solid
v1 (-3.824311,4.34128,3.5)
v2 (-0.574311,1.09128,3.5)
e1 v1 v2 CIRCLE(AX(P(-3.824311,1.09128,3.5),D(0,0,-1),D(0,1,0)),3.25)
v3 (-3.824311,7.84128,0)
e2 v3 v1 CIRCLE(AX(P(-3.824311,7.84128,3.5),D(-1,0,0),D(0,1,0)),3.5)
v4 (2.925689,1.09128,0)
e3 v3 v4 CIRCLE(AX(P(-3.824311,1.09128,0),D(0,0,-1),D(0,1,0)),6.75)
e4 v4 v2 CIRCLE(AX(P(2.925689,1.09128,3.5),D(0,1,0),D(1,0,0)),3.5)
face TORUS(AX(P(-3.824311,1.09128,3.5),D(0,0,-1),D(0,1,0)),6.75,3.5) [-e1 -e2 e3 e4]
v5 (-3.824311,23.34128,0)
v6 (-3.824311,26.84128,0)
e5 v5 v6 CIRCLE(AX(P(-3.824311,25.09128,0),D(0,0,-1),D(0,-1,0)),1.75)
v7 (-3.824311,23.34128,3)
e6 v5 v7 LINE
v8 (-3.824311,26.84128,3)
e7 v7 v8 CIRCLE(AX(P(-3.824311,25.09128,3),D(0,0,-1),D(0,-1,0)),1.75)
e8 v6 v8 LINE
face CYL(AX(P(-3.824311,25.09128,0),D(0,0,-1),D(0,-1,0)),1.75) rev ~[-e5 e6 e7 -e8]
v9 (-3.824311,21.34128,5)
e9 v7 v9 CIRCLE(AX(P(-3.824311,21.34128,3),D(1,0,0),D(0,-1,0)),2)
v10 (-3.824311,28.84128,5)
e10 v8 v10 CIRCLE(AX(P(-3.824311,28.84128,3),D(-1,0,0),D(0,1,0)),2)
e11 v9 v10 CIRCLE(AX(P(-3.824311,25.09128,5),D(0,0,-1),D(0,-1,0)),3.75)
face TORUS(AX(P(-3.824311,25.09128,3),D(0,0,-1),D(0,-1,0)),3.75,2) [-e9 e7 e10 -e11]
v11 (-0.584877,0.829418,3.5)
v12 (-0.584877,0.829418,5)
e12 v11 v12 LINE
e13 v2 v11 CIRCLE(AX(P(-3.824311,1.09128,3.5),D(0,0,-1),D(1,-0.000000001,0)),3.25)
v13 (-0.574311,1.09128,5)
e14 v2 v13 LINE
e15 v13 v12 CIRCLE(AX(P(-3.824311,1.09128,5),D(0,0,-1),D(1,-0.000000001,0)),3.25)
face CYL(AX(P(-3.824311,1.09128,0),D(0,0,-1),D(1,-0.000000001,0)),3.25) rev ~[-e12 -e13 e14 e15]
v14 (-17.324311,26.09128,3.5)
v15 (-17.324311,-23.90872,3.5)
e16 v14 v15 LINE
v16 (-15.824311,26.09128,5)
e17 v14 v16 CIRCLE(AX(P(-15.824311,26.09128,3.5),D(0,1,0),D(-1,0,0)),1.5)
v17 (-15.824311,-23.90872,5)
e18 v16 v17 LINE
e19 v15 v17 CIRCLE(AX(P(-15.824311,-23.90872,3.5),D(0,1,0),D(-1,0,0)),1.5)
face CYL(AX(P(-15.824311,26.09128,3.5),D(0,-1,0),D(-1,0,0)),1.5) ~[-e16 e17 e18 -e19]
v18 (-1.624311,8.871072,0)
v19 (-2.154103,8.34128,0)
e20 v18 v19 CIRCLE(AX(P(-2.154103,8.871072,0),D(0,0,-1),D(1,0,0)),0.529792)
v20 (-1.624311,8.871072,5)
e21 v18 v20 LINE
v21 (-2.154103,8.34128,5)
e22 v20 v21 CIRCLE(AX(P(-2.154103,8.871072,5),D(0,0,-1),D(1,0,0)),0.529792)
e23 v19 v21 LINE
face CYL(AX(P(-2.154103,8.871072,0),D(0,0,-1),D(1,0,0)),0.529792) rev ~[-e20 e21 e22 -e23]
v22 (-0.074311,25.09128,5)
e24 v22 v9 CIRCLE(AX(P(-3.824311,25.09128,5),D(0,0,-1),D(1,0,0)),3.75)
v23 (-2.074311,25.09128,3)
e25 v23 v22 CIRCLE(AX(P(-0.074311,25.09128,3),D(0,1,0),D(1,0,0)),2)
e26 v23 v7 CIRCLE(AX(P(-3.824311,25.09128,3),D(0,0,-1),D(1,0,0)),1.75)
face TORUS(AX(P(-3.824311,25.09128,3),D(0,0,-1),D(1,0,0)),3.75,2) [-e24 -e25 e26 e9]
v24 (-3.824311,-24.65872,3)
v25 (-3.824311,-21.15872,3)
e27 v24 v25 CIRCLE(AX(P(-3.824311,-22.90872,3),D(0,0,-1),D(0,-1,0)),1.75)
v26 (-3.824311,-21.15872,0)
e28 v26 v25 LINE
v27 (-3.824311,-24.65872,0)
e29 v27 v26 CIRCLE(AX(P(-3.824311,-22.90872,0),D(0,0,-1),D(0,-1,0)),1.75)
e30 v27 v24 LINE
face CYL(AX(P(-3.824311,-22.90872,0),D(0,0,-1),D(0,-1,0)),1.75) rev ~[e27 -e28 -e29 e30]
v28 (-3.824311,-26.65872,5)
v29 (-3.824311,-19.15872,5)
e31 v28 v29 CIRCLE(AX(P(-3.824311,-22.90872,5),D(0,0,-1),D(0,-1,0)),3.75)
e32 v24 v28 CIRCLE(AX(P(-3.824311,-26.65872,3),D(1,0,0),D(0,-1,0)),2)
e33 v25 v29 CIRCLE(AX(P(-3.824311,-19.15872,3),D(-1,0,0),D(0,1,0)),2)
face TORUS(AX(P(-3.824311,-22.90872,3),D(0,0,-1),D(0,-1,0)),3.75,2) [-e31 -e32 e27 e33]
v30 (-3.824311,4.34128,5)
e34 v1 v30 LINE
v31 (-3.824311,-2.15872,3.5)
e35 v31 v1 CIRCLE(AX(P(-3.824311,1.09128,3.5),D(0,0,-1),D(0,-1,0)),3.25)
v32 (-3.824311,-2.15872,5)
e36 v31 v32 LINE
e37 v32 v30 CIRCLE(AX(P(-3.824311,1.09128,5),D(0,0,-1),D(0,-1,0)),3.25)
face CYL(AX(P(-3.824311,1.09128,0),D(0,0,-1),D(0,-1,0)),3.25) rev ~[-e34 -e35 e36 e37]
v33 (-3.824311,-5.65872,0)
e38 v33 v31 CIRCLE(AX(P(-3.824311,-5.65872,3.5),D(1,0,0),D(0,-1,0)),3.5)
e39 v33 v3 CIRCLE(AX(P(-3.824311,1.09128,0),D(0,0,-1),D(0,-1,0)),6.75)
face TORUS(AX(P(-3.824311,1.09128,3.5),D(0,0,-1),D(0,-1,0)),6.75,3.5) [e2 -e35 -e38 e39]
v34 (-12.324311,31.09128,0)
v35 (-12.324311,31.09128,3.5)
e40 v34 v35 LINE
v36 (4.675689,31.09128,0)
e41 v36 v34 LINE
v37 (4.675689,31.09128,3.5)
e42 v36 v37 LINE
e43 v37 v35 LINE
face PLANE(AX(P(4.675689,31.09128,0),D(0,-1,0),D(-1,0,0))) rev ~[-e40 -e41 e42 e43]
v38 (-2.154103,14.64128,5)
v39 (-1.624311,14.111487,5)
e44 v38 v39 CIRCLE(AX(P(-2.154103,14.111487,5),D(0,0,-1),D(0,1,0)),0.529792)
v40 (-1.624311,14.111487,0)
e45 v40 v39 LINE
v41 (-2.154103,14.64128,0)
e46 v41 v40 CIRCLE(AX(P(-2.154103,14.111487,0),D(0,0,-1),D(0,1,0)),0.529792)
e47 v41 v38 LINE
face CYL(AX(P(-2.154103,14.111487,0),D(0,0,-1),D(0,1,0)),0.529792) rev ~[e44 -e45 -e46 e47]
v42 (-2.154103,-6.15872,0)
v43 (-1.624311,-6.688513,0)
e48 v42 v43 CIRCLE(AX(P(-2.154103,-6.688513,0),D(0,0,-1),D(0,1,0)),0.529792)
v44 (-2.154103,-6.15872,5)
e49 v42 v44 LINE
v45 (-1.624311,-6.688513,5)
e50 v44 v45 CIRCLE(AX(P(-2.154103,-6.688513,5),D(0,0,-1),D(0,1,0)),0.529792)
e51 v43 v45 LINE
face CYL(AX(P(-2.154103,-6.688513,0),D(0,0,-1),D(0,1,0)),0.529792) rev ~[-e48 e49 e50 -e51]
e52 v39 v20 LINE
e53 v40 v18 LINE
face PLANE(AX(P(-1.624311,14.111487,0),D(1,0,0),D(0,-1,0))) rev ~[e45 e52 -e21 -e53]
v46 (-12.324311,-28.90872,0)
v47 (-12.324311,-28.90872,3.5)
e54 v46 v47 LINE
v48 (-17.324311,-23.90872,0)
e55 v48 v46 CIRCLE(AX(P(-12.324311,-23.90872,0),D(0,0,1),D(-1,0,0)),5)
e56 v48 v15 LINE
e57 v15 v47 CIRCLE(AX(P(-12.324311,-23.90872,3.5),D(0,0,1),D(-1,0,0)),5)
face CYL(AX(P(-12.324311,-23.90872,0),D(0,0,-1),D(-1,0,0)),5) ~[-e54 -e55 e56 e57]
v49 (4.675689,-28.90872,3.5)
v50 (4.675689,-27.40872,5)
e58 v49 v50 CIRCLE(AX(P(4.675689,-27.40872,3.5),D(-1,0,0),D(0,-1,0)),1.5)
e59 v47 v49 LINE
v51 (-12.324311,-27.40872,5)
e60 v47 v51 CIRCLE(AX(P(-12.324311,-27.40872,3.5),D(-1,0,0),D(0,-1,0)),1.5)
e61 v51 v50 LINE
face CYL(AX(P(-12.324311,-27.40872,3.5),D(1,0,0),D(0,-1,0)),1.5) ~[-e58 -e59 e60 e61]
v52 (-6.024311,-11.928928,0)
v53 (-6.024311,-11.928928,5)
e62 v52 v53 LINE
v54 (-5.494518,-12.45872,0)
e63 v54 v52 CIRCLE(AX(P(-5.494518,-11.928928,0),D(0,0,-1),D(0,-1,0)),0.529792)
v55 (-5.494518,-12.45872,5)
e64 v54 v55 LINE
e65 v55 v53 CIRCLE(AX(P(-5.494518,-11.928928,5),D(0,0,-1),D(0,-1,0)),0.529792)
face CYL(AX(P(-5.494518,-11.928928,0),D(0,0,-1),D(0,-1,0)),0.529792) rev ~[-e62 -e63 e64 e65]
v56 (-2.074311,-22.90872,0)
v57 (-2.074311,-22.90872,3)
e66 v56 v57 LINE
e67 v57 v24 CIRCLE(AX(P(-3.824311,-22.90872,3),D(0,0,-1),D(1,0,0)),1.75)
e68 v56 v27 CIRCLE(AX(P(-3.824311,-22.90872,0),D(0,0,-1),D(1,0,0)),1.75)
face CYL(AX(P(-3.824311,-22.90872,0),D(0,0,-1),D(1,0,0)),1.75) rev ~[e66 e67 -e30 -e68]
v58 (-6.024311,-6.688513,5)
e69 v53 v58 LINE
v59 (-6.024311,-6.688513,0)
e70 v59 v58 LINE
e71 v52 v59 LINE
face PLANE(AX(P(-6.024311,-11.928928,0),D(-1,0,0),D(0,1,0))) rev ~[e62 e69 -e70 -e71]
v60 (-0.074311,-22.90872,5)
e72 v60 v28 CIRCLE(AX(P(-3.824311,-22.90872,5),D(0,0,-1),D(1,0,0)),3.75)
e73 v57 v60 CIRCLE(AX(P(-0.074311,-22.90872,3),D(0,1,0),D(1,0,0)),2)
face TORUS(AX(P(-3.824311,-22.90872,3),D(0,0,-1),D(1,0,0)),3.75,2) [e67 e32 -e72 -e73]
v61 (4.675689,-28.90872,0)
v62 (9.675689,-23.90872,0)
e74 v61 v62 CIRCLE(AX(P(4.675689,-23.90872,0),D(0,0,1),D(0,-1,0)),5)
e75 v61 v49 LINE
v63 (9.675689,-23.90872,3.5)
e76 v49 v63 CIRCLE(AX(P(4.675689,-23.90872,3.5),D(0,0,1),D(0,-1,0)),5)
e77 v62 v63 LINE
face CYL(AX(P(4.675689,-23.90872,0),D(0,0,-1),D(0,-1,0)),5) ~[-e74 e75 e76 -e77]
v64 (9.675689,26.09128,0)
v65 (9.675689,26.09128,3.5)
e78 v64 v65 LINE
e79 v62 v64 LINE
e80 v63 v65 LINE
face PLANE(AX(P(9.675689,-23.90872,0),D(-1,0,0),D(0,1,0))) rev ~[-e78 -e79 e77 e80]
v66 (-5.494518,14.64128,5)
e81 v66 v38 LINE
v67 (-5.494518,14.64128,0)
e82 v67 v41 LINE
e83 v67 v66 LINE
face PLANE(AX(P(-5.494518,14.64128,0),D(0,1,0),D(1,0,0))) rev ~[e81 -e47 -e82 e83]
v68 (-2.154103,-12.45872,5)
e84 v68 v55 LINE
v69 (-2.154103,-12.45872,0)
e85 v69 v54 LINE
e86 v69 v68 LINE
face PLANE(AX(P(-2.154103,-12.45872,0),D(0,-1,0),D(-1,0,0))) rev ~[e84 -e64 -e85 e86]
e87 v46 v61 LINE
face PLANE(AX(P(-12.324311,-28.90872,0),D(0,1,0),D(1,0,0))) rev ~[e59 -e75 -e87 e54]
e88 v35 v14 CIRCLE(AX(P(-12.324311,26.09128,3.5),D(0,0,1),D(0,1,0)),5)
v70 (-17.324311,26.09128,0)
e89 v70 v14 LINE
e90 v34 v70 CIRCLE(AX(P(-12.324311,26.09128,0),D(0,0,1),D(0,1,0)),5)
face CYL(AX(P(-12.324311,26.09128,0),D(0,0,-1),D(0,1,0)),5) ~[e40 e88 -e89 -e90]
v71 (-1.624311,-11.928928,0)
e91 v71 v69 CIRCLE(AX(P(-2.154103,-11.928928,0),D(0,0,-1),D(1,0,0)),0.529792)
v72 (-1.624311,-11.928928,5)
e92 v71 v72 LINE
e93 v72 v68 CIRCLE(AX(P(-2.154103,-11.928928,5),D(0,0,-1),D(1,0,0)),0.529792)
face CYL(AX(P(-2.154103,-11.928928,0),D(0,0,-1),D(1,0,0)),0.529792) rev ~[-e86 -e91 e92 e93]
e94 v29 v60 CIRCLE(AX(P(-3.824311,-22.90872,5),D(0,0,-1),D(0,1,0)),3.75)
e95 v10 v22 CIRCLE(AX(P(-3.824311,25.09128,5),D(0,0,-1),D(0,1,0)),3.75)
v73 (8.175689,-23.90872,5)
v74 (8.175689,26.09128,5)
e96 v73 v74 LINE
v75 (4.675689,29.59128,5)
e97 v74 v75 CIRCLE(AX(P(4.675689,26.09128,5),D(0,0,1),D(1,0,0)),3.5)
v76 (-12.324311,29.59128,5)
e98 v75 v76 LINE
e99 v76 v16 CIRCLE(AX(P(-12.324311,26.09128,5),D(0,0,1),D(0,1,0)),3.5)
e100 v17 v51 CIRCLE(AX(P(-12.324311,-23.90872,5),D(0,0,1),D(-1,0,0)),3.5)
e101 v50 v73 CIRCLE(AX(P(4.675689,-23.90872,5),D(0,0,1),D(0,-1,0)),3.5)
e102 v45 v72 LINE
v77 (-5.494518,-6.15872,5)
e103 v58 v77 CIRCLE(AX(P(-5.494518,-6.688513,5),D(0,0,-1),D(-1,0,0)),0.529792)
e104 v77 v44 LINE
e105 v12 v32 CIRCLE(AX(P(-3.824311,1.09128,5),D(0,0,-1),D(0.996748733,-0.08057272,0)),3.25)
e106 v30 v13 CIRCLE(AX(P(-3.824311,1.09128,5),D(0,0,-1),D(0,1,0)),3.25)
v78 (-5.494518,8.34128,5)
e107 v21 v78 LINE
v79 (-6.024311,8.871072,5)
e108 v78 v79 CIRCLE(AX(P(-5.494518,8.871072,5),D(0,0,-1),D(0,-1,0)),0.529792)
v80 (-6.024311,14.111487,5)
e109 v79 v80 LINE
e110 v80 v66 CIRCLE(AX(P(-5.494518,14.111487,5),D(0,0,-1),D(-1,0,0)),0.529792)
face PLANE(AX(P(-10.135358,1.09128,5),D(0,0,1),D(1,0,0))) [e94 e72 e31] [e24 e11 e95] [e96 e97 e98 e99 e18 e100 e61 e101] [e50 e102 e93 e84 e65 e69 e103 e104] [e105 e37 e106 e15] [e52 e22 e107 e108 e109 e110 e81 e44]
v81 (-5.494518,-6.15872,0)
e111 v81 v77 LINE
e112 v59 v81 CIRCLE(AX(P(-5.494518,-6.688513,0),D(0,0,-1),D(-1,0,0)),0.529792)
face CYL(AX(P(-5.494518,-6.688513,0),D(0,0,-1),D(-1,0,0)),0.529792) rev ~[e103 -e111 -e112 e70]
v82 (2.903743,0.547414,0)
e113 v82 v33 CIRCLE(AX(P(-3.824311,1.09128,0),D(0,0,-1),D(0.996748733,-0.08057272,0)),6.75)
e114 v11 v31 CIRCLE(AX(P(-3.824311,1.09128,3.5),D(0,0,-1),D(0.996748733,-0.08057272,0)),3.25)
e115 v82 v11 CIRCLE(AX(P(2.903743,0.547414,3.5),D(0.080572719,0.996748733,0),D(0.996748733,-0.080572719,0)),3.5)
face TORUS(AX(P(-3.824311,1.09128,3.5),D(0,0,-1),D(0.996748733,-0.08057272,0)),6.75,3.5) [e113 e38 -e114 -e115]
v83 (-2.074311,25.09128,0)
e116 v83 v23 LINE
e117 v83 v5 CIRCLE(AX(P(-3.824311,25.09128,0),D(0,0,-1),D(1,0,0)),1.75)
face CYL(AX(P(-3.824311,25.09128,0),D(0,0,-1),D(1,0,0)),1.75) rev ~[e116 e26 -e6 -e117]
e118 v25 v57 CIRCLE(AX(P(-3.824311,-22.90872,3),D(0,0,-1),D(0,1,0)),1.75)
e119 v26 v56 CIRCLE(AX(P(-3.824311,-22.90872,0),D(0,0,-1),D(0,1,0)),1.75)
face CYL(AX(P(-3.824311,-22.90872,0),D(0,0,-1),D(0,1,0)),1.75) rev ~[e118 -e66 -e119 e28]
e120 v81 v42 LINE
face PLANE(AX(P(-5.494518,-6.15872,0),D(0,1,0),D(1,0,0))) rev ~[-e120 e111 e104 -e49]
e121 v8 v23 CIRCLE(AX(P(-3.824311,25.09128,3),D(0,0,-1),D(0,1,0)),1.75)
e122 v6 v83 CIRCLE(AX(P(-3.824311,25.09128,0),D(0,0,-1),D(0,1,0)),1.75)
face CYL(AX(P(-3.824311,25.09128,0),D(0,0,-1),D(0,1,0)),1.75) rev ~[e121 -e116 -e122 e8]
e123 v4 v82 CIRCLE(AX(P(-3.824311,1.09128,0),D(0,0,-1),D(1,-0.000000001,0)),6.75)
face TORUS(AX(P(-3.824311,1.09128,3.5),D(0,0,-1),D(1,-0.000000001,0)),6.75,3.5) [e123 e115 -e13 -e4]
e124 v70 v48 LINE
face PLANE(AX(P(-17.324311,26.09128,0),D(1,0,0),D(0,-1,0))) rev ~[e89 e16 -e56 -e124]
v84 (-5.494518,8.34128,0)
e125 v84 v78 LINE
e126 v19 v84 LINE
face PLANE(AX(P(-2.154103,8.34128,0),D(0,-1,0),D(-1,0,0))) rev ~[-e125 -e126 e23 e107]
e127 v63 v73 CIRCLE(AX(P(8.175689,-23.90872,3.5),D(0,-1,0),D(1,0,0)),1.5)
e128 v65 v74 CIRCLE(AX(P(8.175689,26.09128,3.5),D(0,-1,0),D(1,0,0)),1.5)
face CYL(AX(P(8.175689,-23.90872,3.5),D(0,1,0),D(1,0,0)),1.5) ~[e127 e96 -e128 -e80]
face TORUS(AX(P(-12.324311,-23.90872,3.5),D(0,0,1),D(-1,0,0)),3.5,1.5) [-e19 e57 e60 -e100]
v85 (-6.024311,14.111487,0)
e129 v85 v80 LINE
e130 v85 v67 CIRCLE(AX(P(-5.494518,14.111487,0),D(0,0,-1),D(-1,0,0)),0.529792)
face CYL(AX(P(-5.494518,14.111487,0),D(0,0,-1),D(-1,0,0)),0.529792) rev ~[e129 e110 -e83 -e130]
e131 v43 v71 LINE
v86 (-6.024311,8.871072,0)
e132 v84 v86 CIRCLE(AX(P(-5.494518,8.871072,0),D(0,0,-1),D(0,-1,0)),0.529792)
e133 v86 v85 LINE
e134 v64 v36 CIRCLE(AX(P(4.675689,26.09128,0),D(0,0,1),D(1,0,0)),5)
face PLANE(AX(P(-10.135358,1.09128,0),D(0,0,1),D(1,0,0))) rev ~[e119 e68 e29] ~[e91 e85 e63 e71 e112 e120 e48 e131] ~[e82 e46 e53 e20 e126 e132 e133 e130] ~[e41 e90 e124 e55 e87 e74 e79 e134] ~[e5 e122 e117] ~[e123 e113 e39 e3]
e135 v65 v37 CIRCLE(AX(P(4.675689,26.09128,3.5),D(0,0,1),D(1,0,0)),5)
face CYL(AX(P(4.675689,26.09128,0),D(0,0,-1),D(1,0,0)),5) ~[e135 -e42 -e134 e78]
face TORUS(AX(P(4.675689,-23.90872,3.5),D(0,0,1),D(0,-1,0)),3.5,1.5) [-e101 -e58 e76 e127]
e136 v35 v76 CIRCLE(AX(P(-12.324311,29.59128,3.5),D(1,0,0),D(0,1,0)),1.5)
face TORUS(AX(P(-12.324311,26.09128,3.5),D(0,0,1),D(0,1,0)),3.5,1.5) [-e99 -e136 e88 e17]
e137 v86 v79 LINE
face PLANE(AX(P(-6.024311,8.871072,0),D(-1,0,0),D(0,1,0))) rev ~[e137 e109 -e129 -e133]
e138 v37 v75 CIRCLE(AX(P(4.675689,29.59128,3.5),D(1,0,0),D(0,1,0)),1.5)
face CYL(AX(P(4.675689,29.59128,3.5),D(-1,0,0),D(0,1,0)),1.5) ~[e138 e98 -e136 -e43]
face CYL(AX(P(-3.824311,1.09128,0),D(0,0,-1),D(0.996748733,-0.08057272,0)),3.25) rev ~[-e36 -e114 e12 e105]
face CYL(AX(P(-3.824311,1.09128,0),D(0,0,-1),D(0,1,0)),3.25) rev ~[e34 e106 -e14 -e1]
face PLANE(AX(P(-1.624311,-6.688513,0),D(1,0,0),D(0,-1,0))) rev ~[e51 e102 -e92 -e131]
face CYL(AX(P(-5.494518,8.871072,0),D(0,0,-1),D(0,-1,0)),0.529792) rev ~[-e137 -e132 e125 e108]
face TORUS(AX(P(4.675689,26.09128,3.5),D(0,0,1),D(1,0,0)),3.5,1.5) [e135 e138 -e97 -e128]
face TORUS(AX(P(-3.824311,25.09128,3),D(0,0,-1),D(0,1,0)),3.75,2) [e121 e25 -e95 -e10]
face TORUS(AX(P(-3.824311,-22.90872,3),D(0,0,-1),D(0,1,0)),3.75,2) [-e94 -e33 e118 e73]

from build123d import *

# Parameters (mm, degrees)
F1_DEPTH = 5
F2_R     = 2
F3_R     = 3.5
F4_R     = 1.5


with BuildPart() as f1:
    # F0 (on Top) → F1 (new body)
    with BuildSketch(Plane.XY):
        with BuildLine():
            Line((-17.3243107274, 26.09127976), (-17.3243107274, -23.90872024))
            ThreePointArc((-17.3243107274, -23.90872024), (-15.8598446334, -27.4442541459), (-12.3243107274, -28.90872024))
            Line((-12.3243107274, -28.90872024), (-3.8243107274, -28.90872024))
            Line((-3.8243107274, -28.90872024), (-3.8243107274, -24.65872024))
            ThreePointArc((-3.8243107274, -24.65872024), (-5.5743107274, -22.90872024), (-3.8243107274, -21.15872024))
            Line((-3.8243107274, -21.15872024), (-3.8243107274, -12.45872024))
            Line((-3.8243107274, -12.45872024), (-5.4945183623, -12.45872024))
            ThreePointArc((-5.4945183623, -12.45872024), (-5.8691381363, -12.3035476489), (-6.0243107274, -11.9289278748))
            Line((-6.0243107274, -11.9289278748), (-6.0243107274, -6.6885126051))
            ThreePointArc((-6.0243107274, -6.6885126051), (-5.8691381363, -6.3138928311), (-5.4945183623, -6.15872024))
            Line((-5.4945183623, -6.15872024), (-3.8243107274, -6.15872024))
            Line((-3.8243107274, -6.15872024), (-3.8243107274, -2.15872024))
            ThreePointArc((-3.8243107274, -2.15872024), (-7.0743107274, 1.09127976), (-3.8243107274, 4.34127976))
            Line((-3.8243107274, 4.34127976), (-3.8243107274, 8.34127976))
            Line((-3.8243107274, 8.34127976), (-5.4945183623, 8.34127976))
            ThreePointArc((-5.4945183623, 8.34127976), (-5.8691381363, 8.4964523511), (-6.0243107274, 8.8710721252))
            Line((-6.0243107274, 8.8710721252), (-6.0243107274, 14.1114873949))
            ThreePointArc((-6.0243107274, 14.1114873949), (-5.8691381363, 14.4861071689), (-5.4945183623, 14.64127976))
            Line((-5.4945183623, 14.64127976), (-3.8243107274, 14.64127976))
            Line((-3.8243107274, 14.64127976), (-3.8243107274, 23.34127976))
            ThreePointArc((-3.8243107274, 23.34127976), (-5.5743107274, 25.09127976), (-3.8243107274, 26.84127976))
            Line((-3.8243107274, 26.84127976), (-3.8243107274, 31.09127976))
            Line((-3.8243107274, 31.09127976), (-12.3243107274, 31.09127976))
            ThreePointArc((-12.3243107274, 31.09127976), (-15.8598446334, 29.6268136659), (-17.3243107274, 26.09127976))
        make_face()
        with BuildLine():
            Line((-3.8243107274, -24.65872024), (-3.8243107274, -28.90872024))
            Line((-3.8243107274, -28.90872024), (4.6756892726, -28.90872024))
            ThreePointArc((4.6756892726, -28.90872024), (8.2112231785, -27.4442541459), (9.6756892726, -23.90872024))
            Line((9.6756892726, -23.90872024), (9.6756892726, 0))
            Line((9.6756892726, 0), (-0.584877345, 0.8294184204))
            ThreePointArc((-0.584877345, 0.8294184204), (-1.6207396886, -1.2976058959), (-3.8243107274, -2.15872024))
            Line((-3.8243107274, -2.15872024), (-3.8243107274, -6.15872024))
            Line((-3.8243107274, -6.15872024), (-2.1541030926, -6.15872024))
            ThreePointArc((-2.1541030926, -6.15872024), (-1.7794833185, -6.3138928311), (-1.6243107274, -6.6885126051))
            Line((-1.6243107274, -6.6885126051), (-1.6243107274, -11.9289278748))
            ThreePointArc((-1.6243107274, -11.9289278748), (-1.7794833185, -12.3035476489), (-2.1541030926, -12.45872024))
            Line((-2.1541030926, -12.45872024), (-3.8243107274, -12.45872024))
            Line((-3.8243107274, -12.45872024), (-3.8243107274, -21.15872024))
            ThreePointArc((-3.8243107274, -21.15872024), (-2.5868738603, -21.6712833729), (-2.0743107274, -22.90872024))
            ThreePointArc((-2.0743107274, -22.90872024), (-2.5868738603, -24.1461571071), (-3.8243107274, -24.65872024))
        make_face()
        with BuildLine():
            Line((4.6756892726, 31.09127976), (-3.8243107274, 31.09127976))
            Line((-3.8243107274, 31.09127976), (-3.8243107274, 26.84127976))
            ThreePointArc((-3.8243107274, 26.84127976), (-2.5868738603, 26.3287166271), (-2.0743107274, 25.09127976))
            ThreePointArc((-2.0743107274, 25.09127976), (-2.5868738603, 23.8538428929), (-3.8243107274, 23.34127976))
            Line((-3.8243107274, 23.34127976), (-3.8243107274, 14.64127976))
            Line((-3.8243107274, 14.64127976), (-2.1541030926, 14.64127976))
            ThreePointArc((-2.1541030926, 14.64127976), (-1.7794833185, 14.4861071689), (-1.6243107274, 14.1114873949))
            Line((-1.6243107274, 14.1114873949), (-1.6243107274, 8.8710721252))
            ThreePointArc((-1.6243107274, 8.8710721252), (-1.7794833185, 8.4964523511), (-2.1541030926, 8.34127976))
            Line((-2.1541030926, 8.34127976), (-3.8243107274, 8.34127976))
            Line((-3.8243107274, 8.34127976), (-3.8243107274, 4.34127976))
            ThreePointArc((-3.8243107274, 4.34127976), (-1.5262136886, 3.3893767989), (-0.5743107274, 1.09127976))
            ThreePointArc((-0.5743107274, 1.09127976), (-0.5769534563, 0.9602425377), (-0.584877345, 0.8294184204))
            Line((-0.584877345, 0.8294184204), (9.6756892726, 0))
            Line((9.6756892726, 0), (9.6756892726, 26.09127976))
            ThreePointArc((9.6756892726, 26.09127976), (8.2112231785, 29.6268136659), (4.6756892726, 31.09127976))
        make_face()
    extrude(amount=F1_DEPTH)

    # F2
    f2_edges = [f1.edges().sort_by_distance(p)[0] for p in [
        (-3.824311, -24.65872, 5),
        (-3.824311, 23.34128, 5),
    ]]
    fillet(f2_edges, radius=F2_R)

    # F3
    f3_edges = [f1.edges().sort_by_distance(p)[0] for p in [
        (-3.824311, -2.15872, 0),
    ]]
    fillet(f3_edges, radius=F3_R)

    # F4
    f4_edges = [f1.edges().sort_by_distance(p)[0] for p in [
        (-17.324311, 1.09128, 5),
    ]]
    fillet(f4_edges, radius=F4_R)


solid = f1.part
